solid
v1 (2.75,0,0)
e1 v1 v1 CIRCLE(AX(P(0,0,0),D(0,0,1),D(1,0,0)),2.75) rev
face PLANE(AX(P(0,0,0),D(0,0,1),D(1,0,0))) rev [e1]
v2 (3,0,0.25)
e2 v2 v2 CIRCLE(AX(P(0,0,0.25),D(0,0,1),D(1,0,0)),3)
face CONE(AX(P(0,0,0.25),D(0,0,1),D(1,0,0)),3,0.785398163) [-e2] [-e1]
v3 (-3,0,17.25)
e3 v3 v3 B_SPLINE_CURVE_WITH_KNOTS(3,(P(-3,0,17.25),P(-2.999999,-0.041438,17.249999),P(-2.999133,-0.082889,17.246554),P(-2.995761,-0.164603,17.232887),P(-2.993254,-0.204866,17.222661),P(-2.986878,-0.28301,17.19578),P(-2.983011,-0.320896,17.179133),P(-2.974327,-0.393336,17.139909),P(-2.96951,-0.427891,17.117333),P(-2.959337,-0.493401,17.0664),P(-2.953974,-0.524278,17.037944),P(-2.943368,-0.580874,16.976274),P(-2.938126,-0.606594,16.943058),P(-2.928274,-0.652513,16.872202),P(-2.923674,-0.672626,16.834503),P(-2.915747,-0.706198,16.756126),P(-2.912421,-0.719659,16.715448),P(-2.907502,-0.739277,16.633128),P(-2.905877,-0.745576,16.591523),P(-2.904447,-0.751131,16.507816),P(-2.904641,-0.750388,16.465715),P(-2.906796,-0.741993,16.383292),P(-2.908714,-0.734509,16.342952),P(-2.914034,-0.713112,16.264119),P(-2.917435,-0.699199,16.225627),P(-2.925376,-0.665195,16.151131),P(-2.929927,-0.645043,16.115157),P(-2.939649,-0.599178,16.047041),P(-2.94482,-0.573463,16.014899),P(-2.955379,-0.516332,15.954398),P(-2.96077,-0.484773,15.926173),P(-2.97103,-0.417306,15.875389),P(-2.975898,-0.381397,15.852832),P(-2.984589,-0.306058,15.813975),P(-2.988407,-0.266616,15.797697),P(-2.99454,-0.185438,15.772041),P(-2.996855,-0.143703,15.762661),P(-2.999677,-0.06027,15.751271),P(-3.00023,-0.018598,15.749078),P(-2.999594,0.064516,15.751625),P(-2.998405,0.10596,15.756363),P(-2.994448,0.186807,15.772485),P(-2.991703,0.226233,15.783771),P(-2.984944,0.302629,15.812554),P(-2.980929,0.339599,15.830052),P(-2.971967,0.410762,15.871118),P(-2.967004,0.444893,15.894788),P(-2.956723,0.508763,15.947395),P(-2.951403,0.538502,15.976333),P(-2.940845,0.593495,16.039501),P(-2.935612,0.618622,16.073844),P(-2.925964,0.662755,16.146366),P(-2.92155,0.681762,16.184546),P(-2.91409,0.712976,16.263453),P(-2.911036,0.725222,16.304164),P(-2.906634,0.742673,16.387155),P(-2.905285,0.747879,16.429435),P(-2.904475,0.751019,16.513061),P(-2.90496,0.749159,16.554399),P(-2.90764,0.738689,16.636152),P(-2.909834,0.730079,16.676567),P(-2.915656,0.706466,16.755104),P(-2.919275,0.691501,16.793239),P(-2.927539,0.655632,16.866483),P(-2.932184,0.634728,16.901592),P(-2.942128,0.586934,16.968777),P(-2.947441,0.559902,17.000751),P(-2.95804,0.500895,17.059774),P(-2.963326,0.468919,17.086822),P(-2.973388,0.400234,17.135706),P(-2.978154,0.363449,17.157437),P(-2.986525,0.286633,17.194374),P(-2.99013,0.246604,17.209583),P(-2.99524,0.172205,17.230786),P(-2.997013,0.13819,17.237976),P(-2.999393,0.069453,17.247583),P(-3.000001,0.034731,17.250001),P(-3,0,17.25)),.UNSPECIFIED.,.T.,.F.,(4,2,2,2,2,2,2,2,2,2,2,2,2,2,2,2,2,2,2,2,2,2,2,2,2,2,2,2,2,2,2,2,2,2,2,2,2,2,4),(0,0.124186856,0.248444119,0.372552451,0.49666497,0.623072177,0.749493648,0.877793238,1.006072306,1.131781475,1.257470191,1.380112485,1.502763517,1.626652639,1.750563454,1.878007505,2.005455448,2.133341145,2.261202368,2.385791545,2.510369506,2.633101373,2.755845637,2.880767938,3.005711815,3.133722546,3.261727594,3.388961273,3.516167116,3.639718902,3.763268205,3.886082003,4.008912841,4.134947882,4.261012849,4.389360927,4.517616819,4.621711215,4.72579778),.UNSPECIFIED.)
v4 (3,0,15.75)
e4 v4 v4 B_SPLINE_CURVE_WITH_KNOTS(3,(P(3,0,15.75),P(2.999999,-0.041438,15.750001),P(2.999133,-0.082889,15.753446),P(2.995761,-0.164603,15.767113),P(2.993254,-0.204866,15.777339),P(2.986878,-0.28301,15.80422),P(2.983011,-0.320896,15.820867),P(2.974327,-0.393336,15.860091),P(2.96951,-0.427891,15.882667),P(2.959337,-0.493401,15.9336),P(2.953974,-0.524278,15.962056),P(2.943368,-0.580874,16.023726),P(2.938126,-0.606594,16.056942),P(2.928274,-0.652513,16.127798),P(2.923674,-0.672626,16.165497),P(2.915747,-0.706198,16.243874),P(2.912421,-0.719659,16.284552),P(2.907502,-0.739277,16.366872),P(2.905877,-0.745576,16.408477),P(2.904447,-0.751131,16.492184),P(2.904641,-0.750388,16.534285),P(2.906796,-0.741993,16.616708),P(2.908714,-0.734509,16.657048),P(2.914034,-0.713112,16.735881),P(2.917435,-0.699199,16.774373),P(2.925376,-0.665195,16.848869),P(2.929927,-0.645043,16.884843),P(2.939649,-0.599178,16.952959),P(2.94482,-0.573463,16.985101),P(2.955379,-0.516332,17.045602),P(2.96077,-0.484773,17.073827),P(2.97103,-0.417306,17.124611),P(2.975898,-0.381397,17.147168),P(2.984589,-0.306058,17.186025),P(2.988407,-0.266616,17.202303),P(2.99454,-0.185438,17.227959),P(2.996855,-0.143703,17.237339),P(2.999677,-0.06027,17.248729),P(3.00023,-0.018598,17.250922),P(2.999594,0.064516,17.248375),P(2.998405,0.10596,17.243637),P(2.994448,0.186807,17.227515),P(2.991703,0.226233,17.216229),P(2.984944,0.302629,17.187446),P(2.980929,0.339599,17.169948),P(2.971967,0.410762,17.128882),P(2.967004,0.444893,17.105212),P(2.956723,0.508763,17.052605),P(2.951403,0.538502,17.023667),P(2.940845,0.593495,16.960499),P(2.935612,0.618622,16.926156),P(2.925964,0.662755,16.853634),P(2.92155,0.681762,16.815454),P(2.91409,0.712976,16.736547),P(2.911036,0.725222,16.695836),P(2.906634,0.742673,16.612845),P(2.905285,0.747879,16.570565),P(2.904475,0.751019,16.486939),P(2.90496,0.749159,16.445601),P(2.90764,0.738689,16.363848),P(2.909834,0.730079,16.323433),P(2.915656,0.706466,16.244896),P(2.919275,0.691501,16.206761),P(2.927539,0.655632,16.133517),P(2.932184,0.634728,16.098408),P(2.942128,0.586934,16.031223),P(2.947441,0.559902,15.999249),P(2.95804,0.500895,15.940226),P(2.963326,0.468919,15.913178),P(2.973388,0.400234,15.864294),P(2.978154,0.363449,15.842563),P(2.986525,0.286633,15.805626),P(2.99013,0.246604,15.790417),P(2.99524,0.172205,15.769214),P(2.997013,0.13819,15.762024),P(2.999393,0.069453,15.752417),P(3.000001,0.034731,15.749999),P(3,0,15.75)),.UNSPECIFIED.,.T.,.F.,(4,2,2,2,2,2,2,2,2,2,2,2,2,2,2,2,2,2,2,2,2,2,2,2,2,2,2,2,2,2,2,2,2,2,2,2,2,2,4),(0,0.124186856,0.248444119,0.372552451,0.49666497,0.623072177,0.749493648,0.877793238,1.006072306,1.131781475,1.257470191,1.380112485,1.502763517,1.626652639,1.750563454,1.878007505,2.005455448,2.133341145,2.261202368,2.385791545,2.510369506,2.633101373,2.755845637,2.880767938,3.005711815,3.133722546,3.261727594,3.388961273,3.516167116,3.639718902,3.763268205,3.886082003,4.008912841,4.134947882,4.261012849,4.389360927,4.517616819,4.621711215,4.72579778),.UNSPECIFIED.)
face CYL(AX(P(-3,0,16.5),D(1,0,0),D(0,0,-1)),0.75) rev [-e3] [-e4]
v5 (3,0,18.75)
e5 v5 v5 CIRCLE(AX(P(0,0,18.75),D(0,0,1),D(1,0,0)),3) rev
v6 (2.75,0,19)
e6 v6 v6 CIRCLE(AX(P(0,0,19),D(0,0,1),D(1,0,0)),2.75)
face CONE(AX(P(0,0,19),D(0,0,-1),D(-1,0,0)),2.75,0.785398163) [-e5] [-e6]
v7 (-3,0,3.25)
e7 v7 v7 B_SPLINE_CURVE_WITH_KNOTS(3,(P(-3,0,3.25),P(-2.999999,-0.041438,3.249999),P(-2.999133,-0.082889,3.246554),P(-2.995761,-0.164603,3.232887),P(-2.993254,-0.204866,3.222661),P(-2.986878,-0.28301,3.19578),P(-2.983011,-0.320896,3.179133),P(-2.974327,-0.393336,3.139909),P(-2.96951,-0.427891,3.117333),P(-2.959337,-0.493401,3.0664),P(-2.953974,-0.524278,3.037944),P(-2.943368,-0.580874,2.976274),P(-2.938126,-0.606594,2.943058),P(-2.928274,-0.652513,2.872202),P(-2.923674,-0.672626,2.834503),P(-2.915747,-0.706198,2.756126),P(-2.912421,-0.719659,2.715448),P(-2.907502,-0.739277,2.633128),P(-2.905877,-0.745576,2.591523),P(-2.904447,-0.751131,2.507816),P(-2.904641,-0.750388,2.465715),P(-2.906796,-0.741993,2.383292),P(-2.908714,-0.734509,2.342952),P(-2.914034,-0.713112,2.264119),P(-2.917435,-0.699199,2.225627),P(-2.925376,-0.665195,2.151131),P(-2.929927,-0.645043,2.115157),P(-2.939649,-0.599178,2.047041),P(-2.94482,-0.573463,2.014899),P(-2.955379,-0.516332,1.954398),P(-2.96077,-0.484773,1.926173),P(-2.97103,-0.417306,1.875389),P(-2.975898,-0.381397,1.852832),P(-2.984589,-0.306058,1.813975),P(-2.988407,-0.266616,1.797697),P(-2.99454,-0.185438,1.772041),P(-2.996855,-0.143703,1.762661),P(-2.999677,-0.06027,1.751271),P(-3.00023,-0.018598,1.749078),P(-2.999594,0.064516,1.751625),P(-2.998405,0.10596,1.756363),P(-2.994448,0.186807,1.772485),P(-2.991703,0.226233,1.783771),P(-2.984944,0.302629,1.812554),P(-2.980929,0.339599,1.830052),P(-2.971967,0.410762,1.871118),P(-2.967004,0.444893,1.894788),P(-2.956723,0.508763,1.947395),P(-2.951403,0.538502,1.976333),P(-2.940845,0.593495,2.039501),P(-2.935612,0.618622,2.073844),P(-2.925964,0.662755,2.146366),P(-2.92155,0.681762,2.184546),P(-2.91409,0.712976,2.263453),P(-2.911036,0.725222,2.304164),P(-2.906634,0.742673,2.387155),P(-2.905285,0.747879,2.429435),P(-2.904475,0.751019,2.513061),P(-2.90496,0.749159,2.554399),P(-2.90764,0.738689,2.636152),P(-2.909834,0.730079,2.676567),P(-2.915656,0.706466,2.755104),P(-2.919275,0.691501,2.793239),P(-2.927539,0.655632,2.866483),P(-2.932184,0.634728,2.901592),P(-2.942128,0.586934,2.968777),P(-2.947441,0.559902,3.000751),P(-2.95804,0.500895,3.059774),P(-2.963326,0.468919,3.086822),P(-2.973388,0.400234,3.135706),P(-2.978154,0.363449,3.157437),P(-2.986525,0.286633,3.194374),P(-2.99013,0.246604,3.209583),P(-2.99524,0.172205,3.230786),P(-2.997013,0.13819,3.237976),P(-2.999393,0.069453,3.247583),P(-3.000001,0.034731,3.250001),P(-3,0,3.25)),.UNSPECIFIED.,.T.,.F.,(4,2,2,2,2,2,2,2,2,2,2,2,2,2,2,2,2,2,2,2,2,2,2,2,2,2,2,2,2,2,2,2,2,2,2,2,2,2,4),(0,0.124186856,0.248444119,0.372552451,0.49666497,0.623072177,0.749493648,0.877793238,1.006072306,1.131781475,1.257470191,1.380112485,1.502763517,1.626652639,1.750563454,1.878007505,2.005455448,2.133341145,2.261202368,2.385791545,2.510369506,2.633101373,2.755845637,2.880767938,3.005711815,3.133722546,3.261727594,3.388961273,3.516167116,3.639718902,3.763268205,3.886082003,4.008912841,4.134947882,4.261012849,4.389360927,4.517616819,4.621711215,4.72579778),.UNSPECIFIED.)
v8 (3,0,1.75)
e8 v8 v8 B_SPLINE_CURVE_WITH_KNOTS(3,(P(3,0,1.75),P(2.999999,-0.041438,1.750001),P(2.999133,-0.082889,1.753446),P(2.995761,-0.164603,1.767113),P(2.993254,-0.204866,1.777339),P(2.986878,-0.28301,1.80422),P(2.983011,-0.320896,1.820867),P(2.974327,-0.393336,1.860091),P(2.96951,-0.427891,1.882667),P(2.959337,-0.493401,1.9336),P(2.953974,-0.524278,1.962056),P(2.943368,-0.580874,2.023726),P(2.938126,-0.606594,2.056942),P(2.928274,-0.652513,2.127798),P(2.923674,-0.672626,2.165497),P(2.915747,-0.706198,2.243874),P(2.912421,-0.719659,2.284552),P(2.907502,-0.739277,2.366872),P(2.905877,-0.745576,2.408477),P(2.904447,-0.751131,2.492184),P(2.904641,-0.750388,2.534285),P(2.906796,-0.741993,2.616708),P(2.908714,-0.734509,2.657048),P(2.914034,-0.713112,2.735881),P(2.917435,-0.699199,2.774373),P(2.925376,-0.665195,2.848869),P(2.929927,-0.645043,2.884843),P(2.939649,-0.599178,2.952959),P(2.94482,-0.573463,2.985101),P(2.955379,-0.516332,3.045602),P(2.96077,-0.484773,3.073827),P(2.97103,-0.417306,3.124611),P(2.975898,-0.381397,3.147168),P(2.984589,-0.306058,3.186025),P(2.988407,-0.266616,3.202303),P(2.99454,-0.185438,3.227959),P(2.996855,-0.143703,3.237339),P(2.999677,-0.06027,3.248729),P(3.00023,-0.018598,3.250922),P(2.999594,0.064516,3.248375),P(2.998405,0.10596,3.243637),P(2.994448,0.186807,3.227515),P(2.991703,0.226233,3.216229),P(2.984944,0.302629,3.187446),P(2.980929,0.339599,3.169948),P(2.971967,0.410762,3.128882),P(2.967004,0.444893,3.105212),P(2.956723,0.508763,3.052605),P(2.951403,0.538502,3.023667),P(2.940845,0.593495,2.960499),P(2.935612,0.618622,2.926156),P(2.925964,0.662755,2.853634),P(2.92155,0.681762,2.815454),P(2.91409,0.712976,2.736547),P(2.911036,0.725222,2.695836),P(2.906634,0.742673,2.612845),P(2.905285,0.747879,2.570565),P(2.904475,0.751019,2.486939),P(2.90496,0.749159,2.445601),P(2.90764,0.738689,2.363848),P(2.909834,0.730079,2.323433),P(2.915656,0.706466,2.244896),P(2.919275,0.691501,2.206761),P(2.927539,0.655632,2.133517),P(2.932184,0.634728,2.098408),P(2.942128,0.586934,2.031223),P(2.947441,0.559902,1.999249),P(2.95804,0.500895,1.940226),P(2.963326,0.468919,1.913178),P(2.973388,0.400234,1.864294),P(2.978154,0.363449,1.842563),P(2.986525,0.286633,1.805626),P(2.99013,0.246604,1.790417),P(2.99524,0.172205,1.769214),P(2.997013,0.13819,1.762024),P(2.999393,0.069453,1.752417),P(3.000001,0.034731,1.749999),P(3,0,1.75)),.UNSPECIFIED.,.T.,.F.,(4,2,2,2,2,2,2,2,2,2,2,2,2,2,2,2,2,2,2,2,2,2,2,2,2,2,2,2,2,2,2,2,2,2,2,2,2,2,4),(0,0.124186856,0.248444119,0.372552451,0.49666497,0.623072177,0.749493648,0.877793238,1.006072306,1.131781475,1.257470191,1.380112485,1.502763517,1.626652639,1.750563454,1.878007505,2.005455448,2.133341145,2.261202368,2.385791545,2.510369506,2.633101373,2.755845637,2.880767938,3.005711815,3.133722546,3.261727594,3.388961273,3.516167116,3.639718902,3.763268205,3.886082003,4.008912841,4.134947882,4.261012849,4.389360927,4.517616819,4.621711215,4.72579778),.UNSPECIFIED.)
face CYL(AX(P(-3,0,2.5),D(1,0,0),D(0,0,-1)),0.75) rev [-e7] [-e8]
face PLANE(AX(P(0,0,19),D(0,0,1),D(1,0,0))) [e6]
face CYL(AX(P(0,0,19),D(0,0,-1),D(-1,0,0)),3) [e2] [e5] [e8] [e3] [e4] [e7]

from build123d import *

# Parameters (mm, degrees)
SKETCH3_R               = 3
BOSS_EXTRUDE1_DEPTH     = 19
SKETCH4_R               = 0.75
CUT_EXTRUDE1_DEPTH      = 4
CUT_EXTRUDE1_DEPTH_BACK = 4
CHAMFER1_SIZE           = 0.25


with BuildPart() as part:
    # Sketch3 → Boss-Extrude1 (new body)
    with BuildSketch(Plane.XY):
        Circle(SKETCH3_R)
    extrude(amount=BOSS_EXTRUDE1_DEPTH)

    # Sketch4 → Cut-Extrude1 (cut, two sides)
    with BuildSketch(Plane(origin=(0, 0, 0), x_dir=(0, 0, -1), z_dir=(1, 0, 0))) as cut_extrude1_sk:
        with Locations((-2.5, 0)):
            Circle(SKETCH4_R)
        with Locations((-16.5, 0)):
            Circle(SKETCH4_R)
    extrude(amount=CUT_EXTRUDE1_DEPTH, mode=Mode.SUBTRACT)
    extrude(cut_extrude1_sk.sketch, amount=-CUT_EXTRUDE1_DEPTH_BACK, mode=Mode.SUBTRACT)

    # Chamfer1
    chamfer1_edges = [part.edges().sort_by_distance(p)[0] for p in [
        (-3, 0, 0),
        (-3, 0, 19),
    ]]
    chamfer(chamfer1_edges, length=CHAMFER1_SIZE)


solid = part.part
